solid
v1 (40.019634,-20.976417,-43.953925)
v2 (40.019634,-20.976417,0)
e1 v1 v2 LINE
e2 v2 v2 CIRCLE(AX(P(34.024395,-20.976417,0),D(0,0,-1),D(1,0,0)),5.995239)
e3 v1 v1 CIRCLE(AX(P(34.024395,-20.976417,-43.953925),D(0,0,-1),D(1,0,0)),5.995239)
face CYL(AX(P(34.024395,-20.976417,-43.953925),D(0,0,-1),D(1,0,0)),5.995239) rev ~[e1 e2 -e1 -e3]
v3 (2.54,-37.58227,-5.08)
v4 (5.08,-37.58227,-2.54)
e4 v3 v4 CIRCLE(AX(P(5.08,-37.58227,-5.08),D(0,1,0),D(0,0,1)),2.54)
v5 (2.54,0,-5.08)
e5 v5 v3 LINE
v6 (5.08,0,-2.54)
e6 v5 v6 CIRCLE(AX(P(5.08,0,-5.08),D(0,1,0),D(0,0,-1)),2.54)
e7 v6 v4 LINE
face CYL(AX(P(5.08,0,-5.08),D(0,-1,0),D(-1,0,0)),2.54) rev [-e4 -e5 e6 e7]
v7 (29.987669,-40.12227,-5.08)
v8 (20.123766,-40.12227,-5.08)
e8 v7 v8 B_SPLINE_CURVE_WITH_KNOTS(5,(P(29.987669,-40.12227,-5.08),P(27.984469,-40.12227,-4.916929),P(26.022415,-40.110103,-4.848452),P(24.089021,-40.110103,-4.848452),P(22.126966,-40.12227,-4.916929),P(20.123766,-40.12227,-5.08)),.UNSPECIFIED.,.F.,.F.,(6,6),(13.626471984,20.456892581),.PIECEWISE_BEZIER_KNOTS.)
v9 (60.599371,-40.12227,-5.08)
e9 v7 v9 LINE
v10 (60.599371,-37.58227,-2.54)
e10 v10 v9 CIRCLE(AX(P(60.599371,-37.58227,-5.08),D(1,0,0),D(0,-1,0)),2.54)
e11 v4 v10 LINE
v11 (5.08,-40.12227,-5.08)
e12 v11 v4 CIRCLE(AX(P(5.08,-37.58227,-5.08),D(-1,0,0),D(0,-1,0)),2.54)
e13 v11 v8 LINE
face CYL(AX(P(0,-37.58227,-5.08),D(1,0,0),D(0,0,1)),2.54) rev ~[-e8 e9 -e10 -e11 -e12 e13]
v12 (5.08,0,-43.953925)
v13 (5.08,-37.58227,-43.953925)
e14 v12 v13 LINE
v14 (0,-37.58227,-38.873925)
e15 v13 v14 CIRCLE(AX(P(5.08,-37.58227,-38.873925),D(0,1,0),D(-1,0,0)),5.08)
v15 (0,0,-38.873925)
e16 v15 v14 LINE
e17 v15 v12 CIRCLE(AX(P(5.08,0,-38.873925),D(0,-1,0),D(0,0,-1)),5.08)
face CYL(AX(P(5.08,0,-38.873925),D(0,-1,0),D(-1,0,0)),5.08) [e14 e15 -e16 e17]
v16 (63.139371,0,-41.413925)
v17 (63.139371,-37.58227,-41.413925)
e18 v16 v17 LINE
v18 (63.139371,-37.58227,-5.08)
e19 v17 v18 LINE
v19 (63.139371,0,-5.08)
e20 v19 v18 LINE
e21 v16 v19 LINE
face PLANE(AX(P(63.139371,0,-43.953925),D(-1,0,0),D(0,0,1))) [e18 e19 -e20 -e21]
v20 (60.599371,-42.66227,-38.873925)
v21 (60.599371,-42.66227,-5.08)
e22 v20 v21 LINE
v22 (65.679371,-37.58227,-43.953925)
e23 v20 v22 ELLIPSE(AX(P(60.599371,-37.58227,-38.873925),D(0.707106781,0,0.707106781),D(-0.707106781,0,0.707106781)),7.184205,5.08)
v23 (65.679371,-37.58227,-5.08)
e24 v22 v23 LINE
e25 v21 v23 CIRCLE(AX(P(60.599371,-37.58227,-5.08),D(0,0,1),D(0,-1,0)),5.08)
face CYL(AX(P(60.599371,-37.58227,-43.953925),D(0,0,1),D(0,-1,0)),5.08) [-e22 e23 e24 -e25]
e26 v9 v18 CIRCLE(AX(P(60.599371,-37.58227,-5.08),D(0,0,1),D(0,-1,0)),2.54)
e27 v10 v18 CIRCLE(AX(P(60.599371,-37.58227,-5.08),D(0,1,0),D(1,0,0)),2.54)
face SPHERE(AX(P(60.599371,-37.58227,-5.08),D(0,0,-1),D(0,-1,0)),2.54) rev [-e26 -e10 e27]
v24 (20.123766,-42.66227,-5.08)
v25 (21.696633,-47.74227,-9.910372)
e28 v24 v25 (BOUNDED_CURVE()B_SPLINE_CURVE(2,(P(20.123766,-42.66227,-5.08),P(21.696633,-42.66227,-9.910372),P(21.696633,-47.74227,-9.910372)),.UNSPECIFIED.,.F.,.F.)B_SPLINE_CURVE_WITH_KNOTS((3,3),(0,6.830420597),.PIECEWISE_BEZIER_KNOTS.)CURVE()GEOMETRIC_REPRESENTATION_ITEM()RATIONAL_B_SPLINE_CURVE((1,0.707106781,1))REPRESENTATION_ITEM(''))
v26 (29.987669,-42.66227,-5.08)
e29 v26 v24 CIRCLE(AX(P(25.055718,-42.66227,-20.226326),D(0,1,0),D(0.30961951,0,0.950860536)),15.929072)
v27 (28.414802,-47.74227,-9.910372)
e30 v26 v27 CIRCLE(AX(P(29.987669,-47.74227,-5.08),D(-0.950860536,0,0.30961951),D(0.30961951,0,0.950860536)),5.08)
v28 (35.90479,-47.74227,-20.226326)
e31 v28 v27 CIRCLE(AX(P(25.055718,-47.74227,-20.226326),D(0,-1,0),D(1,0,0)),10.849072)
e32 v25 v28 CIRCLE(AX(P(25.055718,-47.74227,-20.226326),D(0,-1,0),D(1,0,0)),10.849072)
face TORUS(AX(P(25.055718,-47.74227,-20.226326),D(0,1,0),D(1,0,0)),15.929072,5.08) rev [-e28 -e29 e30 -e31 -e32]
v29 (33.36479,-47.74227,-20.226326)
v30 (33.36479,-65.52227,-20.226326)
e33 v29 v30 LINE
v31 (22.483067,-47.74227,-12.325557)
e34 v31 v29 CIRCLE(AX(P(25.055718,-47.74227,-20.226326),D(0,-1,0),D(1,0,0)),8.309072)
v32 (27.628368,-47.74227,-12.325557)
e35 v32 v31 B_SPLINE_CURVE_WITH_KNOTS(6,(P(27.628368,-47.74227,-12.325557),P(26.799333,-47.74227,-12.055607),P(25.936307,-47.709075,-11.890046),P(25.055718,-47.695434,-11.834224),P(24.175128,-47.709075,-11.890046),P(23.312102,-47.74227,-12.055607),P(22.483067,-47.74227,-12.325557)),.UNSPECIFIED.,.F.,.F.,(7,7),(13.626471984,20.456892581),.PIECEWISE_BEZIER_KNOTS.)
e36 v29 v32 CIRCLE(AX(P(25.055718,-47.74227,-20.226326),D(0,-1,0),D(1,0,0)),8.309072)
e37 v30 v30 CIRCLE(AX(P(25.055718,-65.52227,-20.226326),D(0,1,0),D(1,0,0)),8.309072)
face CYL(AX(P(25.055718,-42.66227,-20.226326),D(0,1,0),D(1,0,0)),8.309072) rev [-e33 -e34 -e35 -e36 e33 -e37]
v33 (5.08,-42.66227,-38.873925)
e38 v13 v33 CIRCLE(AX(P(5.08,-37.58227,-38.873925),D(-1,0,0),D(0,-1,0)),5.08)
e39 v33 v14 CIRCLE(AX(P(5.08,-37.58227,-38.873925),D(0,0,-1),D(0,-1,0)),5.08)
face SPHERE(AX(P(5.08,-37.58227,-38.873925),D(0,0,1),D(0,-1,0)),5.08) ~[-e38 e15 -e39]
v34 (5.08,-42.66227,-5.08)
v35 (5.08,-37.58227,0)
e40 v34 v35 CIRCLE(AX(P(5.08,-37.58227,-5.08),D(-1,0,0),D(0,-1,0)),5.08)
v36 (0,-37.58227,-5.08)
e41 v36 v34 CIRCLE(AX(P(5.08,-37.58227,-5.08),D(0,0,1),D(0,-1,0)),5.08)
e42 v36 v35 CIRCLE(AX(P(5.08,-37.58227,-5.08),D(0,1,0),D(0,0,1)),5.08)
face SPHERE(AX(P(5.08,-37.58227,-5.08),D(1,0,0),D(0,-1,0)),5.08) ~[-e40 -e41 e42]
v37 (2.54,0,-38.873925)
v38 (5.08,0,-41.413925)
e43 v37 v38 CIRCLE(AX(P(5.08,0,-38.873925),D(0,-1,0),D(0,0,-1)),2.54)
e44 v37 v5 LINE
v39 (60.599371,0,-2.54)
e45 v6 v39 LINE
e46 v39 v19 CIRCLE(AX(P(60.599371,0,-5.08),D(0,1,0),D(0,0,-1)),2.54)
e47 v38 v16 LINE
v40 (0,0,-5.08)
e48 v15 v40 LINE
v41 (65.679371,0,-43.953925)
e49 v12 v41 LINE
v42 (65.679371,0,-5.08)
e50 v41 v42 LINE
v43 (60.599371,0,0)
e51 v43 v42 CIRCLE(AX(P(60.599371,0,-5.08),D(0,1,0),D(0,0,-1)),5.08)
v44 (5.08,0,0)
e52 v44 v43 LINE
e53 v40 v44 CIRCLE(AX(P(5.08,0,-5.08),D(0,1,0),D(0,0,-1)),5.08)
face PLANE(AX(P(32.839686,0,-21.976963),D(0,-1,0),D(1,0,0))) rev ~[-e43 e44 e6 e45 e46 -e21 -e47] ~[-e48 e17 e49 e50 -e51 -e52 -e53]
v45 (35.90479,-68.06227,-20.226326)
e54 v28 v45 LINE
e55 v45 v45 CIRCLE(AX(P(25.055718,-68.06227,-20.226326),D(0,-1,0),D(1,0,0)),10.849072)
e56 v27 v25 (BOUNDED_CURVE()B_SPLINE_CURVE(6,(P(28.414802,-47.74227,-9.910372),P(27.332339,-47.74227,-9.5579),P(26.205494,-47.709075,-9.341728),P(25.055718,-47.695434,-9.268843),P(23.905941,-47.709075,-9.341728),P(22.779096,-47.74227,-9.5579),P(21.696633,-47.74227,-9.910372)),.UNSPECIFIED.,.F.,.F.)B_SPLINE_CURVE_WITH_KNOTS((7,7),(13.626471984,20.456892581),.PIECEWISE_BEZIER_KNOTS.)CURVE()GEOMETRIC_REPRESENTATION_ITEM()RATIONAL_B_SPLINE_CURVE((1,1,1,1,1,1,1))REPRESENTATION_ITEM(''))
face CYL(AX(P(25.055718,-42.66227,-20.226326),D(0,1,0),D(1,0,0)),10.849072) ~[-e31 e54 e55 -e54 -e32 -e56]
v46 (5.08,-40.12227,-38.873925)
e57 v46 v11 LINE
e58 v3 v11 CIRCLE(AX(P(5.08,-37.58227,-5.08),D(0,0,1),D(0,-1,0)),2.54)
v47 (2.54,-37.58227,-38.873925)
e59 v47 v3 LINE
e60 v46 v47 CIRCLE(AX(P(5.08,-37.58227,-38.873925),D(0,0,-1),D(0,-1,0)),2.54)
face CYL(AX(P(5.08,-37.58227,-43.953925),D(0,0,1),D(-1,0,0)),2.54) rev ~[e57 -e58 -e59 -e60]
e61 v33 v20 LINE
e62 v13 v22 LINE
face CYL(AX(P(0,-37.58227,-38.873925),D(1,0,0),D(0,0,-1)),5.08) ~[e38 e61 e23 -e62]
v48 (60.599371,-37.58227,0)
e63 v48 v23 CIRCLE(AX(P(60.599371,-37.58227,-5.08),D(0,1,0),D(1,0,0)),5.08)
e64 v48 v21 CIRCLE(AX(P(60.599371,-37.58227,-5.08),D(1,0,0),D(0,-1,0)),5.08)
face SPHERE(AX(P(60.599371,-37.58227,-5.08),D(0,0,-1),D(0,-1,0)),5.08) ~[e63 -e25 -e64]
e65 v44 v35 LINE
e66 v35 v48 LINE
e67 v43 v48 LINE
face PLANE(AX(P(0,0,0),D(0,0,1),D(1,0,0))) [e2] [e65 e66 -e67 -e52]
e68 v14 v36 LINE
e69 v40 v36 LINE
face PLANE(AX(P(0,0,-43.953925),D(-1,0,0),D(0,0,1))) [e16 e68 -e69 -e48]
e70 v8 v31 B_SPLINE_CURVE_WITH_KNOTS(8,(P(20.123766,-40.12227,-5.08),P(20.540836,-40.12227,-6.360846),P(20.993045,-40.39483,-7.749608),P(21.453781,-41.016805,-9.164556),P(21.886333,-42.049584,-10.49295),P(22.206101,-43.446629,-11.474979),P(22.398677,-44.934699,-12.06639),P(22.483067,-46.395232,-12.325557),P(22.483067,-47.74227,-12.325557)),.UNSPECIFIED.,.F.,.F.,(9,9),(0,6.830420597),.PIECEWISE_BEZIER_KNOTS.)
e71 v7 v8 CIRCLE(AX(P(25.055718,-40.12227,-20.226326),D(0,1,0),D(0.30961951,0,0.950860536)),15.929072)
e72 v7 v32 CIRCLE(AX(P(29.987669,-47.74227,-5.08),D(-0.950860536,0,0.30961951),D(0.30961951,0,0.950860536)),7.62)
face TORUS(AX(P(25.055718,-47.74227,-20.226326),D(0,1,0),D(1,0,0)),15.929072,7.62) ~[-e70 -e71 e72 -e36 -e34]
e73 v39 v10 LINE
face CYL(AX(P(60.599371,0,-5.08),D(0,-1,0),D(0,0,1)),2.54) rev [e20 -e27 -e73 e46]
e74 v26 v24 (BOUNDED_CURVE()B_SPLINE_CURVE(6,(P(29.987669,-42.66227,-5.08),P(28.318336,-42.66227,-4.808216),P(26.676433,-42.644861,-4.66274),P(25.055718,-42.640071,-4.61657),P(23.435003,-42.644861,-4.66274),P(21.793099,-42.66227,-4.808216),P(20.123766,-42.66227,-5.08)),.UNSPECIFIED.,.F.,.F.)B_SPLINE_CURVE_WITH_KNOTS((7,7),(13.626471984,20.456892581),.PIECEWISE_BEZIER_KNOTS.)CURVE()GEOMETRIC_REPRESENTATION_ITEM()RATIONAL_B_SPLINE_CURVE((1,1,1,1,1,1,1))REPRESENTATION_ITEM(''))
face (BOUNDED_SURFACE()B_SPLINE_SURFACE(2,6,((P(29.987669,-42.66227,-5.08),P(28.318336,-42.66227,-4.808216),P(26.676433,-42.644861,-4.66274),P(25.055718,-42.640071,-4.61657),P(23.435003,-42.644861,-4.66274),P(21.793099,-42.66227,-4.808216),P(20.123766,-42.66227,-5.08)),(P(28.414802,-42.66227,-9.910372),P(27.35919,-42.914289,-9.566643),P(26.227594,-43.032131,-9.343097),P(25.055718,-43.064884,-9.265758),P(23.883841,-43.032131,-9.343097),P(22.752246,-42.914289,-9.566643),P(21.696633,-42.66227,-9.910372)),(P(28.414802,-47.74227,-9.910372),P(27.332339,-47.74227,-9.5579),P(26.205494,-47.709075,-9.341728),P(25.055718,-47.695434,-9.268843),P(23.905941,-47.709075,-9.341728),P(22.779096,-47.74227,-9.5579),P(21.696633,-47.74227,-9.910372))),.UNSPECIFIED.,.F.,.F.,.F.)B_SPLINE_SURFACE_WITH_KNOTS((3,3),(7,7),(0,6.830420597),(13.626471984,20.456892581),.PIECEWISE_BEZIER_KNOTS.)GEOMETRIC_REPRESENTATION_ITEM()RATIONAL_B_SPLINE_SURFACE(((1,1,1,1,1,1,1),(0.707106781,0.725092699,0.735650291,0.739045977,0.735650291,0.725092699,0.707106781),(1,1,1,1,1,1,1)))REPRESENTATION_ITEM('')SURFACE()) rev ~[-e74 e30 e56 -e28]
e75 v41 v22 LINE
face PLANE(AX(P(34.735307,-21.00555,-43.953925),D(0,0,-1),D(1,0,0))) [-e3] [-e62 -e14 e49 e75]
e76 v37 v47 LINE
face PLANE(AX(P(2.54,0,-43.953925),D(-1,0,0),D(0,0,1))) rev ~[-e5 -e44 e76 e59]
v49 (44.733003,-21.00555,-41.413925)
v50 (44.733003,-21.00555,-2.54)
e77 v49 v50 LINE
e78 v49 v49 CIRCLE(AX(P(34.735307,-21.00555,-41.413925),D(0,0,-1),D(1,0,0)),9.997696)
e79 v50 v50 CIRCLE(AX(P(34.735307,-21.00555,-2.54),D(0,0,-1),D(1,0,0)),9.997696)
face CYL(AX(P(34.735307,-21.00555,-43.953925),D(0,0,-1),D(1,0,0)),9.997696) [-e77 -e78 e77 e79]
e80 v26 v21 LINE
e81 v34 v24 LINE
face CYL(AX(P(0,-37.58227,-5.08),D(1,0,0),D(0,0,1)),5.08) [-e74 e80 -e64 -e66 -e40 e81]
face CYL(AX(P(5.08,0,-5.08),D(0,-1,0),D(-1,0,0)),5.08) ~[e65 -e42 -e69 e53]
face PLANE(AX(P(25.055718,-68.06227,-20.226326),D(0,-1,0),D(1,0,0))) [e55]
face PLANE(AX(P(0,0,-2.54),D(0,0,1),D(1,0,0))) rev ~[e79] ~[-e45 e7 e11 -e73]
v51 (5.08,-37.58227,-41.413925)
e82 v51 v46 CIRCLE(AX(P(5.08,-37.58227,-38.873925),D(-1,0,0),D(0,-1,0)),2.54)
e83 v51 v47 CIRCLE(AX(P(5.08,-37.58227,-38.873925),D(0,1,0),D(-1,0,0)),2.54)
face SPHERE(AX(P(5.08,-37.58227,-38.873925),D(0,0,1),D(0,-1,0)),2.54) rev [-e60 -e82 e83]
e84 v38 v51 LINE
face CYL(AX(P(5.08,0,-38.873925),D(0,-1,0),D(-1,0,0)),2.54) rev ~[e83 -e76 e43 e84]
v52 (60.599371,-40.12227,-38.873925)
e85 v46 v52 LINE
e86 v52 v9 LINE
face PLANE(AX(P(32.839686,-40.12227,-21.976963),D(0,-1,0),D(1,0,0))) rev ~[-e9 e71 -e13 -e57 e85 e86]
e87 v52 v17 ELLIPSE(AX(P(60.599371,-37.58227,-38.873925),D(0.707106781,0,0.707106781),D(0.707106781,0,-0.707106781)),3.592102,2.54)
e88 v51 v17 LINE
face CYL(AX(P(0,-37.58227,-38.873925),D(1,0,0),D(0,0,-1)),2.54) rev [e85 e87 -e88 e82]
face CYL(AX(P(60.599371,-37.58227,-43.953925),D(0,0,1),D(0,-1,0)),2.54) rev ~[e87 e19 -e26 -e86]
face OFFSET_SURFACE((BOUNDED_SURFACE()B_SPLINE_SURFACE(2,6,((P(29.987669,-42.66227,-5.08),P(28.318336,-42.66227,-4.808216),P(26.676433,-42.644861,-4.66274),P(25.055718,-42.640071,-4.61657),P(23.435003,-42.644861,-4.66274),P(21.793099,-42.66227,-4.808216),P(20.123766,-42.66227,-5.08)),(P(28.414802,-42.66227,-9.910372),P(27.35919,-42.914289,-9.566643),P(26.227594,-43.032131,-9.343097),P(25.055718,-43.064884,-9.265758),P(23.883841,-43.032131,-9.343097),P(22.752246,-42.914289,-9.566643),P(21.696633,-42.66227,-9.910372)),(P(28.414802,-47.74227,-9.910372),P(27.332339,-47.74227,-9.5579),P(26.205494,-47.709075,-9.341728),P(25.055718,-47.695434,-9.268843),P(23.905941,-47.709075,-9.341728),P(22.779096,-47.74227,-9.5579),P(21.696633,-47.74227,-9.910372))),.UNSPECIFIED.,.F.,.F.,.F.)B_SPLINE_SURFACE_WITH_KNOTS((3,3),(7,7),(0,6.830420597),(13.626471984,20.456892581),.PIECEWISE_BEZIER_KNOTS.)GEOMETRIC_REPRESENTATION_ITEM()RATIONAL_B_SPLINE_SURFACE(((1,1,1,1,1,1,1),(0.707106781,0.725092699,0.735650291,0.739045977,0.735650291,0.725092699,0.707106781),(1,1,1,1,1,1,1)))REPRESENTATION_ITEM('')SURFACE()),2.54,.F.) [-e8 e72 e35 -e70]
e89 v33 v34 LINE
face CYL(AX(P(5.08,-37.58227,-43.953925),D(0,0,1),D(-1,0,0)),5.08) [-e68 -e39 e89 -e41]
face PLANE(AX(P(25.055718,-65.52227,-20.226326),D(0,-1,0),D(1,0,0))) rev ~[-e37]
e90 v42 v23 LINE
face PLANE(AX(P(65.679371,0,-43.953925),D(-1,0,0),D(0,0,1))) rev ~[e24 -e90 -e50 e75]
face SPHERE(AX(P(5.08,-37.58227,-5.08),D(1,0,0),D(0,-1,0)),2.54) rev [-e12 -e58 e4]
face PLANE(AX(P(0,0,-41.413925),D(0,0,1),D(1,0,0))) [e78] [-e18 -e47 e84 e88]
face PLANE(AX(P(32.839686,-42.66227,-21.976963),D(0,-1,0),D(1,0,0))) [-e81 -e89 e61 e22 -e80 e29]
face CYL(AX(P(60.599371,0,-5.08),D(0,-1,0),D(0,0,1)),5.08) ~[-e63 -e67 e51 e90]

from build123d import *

# Parameters (mm, degrees)
F0_W      = 65.679371357
F0_H      = 43.9539253712
F1_DEPTH  = 42.66227
F2_R      = 10.8490718956
F3_DEPTH  = 25.4
F4_R      = 5.08
F5_R      = 5.08
F6_T      = -2.54
F7_R      = 9.9976961638
F8_DEPTH  = 43.9539253712
F9_R      = 5.9952390319
F10_DEPTH = 65.60373


with BuildPart() as f1:
    # F0 (on Front) → F1 (new body)
    with BuildSketch(Plane.XZ):
        with Locations((32.8396856785, -21.9769626856)):
            Rectangle(F0_W, F0_H)
    extrude(amount=F1_DEPTH)

    # F2 (on face) → F3 (join)
    with BuildSketch(Plane.XZ.offset(42.66227)):
        with Locations((25.0557176769, -20.2263258398)):
            Circle(F2_R)
    extrude(amount=F3_DEPTH)

    # F4
    f4_edges = [f1.edges().sort_by_distance(p)[0] for p in [
        (65.679371, -42.66227, -21.976963),
        (32.839686, -42.66227, 0),
        (0, -42.66227, -21.976963),
        (32.839686, -42.66227, -43.953925),
        (65.679371, -21.331135, 0),
        (0, -21.331135, 0),
        (0, -21.331135, -43.953925),
    ]]
    fillet(f4_edges, radius=F4_R)

    # F5
    f5_edges = [f1.edges().sort_by_distance(p)[0] for p in [
        (60.599371, -42.66227, -21.976963),
        (32.839686, -42.66227, -38.873925),
        (32.839686, -42.66227, -5.08),
        (5.08, -42.66227, -21.976963),
        (14.206646, -42.66227, -20.226326),
    ]]
    fillet(f5_edges, radius=F5_R)

    # F6
    f6_openings = [f1.faces().sort_by_distance(p)[0] for p in [
        (32.90086, 0, -22.017177),
    ]]
    offset(amount=F6_T, openings=f6_openings)

    # F7 (on face) → F8 (join, through all)
    with BuildSketch(Plane(origin=(0, 0, -43.9539253712), x_dir=(1, 0, 0), z_dir=(0, 0, -1))):
        with Locations((34.7353070974, 21.0055503994)):
            Circle(F7_R)
    extrude(amount=-F8_DEPTH)

    # F9 (on face) → F10 (cut)
    with BuildSketch(Plane(origin=(0, 0, -43.9539253712), x_dir=(1, 0, 0), z_dir=(0, 0, -1))):
        with Locations((34.0243950486, 20.9764167666)):
            Circle(F9_R)
    extrude(amount=-F10_DEPTH, mode=Mode.SUBTRACT)


solid = f1.part
